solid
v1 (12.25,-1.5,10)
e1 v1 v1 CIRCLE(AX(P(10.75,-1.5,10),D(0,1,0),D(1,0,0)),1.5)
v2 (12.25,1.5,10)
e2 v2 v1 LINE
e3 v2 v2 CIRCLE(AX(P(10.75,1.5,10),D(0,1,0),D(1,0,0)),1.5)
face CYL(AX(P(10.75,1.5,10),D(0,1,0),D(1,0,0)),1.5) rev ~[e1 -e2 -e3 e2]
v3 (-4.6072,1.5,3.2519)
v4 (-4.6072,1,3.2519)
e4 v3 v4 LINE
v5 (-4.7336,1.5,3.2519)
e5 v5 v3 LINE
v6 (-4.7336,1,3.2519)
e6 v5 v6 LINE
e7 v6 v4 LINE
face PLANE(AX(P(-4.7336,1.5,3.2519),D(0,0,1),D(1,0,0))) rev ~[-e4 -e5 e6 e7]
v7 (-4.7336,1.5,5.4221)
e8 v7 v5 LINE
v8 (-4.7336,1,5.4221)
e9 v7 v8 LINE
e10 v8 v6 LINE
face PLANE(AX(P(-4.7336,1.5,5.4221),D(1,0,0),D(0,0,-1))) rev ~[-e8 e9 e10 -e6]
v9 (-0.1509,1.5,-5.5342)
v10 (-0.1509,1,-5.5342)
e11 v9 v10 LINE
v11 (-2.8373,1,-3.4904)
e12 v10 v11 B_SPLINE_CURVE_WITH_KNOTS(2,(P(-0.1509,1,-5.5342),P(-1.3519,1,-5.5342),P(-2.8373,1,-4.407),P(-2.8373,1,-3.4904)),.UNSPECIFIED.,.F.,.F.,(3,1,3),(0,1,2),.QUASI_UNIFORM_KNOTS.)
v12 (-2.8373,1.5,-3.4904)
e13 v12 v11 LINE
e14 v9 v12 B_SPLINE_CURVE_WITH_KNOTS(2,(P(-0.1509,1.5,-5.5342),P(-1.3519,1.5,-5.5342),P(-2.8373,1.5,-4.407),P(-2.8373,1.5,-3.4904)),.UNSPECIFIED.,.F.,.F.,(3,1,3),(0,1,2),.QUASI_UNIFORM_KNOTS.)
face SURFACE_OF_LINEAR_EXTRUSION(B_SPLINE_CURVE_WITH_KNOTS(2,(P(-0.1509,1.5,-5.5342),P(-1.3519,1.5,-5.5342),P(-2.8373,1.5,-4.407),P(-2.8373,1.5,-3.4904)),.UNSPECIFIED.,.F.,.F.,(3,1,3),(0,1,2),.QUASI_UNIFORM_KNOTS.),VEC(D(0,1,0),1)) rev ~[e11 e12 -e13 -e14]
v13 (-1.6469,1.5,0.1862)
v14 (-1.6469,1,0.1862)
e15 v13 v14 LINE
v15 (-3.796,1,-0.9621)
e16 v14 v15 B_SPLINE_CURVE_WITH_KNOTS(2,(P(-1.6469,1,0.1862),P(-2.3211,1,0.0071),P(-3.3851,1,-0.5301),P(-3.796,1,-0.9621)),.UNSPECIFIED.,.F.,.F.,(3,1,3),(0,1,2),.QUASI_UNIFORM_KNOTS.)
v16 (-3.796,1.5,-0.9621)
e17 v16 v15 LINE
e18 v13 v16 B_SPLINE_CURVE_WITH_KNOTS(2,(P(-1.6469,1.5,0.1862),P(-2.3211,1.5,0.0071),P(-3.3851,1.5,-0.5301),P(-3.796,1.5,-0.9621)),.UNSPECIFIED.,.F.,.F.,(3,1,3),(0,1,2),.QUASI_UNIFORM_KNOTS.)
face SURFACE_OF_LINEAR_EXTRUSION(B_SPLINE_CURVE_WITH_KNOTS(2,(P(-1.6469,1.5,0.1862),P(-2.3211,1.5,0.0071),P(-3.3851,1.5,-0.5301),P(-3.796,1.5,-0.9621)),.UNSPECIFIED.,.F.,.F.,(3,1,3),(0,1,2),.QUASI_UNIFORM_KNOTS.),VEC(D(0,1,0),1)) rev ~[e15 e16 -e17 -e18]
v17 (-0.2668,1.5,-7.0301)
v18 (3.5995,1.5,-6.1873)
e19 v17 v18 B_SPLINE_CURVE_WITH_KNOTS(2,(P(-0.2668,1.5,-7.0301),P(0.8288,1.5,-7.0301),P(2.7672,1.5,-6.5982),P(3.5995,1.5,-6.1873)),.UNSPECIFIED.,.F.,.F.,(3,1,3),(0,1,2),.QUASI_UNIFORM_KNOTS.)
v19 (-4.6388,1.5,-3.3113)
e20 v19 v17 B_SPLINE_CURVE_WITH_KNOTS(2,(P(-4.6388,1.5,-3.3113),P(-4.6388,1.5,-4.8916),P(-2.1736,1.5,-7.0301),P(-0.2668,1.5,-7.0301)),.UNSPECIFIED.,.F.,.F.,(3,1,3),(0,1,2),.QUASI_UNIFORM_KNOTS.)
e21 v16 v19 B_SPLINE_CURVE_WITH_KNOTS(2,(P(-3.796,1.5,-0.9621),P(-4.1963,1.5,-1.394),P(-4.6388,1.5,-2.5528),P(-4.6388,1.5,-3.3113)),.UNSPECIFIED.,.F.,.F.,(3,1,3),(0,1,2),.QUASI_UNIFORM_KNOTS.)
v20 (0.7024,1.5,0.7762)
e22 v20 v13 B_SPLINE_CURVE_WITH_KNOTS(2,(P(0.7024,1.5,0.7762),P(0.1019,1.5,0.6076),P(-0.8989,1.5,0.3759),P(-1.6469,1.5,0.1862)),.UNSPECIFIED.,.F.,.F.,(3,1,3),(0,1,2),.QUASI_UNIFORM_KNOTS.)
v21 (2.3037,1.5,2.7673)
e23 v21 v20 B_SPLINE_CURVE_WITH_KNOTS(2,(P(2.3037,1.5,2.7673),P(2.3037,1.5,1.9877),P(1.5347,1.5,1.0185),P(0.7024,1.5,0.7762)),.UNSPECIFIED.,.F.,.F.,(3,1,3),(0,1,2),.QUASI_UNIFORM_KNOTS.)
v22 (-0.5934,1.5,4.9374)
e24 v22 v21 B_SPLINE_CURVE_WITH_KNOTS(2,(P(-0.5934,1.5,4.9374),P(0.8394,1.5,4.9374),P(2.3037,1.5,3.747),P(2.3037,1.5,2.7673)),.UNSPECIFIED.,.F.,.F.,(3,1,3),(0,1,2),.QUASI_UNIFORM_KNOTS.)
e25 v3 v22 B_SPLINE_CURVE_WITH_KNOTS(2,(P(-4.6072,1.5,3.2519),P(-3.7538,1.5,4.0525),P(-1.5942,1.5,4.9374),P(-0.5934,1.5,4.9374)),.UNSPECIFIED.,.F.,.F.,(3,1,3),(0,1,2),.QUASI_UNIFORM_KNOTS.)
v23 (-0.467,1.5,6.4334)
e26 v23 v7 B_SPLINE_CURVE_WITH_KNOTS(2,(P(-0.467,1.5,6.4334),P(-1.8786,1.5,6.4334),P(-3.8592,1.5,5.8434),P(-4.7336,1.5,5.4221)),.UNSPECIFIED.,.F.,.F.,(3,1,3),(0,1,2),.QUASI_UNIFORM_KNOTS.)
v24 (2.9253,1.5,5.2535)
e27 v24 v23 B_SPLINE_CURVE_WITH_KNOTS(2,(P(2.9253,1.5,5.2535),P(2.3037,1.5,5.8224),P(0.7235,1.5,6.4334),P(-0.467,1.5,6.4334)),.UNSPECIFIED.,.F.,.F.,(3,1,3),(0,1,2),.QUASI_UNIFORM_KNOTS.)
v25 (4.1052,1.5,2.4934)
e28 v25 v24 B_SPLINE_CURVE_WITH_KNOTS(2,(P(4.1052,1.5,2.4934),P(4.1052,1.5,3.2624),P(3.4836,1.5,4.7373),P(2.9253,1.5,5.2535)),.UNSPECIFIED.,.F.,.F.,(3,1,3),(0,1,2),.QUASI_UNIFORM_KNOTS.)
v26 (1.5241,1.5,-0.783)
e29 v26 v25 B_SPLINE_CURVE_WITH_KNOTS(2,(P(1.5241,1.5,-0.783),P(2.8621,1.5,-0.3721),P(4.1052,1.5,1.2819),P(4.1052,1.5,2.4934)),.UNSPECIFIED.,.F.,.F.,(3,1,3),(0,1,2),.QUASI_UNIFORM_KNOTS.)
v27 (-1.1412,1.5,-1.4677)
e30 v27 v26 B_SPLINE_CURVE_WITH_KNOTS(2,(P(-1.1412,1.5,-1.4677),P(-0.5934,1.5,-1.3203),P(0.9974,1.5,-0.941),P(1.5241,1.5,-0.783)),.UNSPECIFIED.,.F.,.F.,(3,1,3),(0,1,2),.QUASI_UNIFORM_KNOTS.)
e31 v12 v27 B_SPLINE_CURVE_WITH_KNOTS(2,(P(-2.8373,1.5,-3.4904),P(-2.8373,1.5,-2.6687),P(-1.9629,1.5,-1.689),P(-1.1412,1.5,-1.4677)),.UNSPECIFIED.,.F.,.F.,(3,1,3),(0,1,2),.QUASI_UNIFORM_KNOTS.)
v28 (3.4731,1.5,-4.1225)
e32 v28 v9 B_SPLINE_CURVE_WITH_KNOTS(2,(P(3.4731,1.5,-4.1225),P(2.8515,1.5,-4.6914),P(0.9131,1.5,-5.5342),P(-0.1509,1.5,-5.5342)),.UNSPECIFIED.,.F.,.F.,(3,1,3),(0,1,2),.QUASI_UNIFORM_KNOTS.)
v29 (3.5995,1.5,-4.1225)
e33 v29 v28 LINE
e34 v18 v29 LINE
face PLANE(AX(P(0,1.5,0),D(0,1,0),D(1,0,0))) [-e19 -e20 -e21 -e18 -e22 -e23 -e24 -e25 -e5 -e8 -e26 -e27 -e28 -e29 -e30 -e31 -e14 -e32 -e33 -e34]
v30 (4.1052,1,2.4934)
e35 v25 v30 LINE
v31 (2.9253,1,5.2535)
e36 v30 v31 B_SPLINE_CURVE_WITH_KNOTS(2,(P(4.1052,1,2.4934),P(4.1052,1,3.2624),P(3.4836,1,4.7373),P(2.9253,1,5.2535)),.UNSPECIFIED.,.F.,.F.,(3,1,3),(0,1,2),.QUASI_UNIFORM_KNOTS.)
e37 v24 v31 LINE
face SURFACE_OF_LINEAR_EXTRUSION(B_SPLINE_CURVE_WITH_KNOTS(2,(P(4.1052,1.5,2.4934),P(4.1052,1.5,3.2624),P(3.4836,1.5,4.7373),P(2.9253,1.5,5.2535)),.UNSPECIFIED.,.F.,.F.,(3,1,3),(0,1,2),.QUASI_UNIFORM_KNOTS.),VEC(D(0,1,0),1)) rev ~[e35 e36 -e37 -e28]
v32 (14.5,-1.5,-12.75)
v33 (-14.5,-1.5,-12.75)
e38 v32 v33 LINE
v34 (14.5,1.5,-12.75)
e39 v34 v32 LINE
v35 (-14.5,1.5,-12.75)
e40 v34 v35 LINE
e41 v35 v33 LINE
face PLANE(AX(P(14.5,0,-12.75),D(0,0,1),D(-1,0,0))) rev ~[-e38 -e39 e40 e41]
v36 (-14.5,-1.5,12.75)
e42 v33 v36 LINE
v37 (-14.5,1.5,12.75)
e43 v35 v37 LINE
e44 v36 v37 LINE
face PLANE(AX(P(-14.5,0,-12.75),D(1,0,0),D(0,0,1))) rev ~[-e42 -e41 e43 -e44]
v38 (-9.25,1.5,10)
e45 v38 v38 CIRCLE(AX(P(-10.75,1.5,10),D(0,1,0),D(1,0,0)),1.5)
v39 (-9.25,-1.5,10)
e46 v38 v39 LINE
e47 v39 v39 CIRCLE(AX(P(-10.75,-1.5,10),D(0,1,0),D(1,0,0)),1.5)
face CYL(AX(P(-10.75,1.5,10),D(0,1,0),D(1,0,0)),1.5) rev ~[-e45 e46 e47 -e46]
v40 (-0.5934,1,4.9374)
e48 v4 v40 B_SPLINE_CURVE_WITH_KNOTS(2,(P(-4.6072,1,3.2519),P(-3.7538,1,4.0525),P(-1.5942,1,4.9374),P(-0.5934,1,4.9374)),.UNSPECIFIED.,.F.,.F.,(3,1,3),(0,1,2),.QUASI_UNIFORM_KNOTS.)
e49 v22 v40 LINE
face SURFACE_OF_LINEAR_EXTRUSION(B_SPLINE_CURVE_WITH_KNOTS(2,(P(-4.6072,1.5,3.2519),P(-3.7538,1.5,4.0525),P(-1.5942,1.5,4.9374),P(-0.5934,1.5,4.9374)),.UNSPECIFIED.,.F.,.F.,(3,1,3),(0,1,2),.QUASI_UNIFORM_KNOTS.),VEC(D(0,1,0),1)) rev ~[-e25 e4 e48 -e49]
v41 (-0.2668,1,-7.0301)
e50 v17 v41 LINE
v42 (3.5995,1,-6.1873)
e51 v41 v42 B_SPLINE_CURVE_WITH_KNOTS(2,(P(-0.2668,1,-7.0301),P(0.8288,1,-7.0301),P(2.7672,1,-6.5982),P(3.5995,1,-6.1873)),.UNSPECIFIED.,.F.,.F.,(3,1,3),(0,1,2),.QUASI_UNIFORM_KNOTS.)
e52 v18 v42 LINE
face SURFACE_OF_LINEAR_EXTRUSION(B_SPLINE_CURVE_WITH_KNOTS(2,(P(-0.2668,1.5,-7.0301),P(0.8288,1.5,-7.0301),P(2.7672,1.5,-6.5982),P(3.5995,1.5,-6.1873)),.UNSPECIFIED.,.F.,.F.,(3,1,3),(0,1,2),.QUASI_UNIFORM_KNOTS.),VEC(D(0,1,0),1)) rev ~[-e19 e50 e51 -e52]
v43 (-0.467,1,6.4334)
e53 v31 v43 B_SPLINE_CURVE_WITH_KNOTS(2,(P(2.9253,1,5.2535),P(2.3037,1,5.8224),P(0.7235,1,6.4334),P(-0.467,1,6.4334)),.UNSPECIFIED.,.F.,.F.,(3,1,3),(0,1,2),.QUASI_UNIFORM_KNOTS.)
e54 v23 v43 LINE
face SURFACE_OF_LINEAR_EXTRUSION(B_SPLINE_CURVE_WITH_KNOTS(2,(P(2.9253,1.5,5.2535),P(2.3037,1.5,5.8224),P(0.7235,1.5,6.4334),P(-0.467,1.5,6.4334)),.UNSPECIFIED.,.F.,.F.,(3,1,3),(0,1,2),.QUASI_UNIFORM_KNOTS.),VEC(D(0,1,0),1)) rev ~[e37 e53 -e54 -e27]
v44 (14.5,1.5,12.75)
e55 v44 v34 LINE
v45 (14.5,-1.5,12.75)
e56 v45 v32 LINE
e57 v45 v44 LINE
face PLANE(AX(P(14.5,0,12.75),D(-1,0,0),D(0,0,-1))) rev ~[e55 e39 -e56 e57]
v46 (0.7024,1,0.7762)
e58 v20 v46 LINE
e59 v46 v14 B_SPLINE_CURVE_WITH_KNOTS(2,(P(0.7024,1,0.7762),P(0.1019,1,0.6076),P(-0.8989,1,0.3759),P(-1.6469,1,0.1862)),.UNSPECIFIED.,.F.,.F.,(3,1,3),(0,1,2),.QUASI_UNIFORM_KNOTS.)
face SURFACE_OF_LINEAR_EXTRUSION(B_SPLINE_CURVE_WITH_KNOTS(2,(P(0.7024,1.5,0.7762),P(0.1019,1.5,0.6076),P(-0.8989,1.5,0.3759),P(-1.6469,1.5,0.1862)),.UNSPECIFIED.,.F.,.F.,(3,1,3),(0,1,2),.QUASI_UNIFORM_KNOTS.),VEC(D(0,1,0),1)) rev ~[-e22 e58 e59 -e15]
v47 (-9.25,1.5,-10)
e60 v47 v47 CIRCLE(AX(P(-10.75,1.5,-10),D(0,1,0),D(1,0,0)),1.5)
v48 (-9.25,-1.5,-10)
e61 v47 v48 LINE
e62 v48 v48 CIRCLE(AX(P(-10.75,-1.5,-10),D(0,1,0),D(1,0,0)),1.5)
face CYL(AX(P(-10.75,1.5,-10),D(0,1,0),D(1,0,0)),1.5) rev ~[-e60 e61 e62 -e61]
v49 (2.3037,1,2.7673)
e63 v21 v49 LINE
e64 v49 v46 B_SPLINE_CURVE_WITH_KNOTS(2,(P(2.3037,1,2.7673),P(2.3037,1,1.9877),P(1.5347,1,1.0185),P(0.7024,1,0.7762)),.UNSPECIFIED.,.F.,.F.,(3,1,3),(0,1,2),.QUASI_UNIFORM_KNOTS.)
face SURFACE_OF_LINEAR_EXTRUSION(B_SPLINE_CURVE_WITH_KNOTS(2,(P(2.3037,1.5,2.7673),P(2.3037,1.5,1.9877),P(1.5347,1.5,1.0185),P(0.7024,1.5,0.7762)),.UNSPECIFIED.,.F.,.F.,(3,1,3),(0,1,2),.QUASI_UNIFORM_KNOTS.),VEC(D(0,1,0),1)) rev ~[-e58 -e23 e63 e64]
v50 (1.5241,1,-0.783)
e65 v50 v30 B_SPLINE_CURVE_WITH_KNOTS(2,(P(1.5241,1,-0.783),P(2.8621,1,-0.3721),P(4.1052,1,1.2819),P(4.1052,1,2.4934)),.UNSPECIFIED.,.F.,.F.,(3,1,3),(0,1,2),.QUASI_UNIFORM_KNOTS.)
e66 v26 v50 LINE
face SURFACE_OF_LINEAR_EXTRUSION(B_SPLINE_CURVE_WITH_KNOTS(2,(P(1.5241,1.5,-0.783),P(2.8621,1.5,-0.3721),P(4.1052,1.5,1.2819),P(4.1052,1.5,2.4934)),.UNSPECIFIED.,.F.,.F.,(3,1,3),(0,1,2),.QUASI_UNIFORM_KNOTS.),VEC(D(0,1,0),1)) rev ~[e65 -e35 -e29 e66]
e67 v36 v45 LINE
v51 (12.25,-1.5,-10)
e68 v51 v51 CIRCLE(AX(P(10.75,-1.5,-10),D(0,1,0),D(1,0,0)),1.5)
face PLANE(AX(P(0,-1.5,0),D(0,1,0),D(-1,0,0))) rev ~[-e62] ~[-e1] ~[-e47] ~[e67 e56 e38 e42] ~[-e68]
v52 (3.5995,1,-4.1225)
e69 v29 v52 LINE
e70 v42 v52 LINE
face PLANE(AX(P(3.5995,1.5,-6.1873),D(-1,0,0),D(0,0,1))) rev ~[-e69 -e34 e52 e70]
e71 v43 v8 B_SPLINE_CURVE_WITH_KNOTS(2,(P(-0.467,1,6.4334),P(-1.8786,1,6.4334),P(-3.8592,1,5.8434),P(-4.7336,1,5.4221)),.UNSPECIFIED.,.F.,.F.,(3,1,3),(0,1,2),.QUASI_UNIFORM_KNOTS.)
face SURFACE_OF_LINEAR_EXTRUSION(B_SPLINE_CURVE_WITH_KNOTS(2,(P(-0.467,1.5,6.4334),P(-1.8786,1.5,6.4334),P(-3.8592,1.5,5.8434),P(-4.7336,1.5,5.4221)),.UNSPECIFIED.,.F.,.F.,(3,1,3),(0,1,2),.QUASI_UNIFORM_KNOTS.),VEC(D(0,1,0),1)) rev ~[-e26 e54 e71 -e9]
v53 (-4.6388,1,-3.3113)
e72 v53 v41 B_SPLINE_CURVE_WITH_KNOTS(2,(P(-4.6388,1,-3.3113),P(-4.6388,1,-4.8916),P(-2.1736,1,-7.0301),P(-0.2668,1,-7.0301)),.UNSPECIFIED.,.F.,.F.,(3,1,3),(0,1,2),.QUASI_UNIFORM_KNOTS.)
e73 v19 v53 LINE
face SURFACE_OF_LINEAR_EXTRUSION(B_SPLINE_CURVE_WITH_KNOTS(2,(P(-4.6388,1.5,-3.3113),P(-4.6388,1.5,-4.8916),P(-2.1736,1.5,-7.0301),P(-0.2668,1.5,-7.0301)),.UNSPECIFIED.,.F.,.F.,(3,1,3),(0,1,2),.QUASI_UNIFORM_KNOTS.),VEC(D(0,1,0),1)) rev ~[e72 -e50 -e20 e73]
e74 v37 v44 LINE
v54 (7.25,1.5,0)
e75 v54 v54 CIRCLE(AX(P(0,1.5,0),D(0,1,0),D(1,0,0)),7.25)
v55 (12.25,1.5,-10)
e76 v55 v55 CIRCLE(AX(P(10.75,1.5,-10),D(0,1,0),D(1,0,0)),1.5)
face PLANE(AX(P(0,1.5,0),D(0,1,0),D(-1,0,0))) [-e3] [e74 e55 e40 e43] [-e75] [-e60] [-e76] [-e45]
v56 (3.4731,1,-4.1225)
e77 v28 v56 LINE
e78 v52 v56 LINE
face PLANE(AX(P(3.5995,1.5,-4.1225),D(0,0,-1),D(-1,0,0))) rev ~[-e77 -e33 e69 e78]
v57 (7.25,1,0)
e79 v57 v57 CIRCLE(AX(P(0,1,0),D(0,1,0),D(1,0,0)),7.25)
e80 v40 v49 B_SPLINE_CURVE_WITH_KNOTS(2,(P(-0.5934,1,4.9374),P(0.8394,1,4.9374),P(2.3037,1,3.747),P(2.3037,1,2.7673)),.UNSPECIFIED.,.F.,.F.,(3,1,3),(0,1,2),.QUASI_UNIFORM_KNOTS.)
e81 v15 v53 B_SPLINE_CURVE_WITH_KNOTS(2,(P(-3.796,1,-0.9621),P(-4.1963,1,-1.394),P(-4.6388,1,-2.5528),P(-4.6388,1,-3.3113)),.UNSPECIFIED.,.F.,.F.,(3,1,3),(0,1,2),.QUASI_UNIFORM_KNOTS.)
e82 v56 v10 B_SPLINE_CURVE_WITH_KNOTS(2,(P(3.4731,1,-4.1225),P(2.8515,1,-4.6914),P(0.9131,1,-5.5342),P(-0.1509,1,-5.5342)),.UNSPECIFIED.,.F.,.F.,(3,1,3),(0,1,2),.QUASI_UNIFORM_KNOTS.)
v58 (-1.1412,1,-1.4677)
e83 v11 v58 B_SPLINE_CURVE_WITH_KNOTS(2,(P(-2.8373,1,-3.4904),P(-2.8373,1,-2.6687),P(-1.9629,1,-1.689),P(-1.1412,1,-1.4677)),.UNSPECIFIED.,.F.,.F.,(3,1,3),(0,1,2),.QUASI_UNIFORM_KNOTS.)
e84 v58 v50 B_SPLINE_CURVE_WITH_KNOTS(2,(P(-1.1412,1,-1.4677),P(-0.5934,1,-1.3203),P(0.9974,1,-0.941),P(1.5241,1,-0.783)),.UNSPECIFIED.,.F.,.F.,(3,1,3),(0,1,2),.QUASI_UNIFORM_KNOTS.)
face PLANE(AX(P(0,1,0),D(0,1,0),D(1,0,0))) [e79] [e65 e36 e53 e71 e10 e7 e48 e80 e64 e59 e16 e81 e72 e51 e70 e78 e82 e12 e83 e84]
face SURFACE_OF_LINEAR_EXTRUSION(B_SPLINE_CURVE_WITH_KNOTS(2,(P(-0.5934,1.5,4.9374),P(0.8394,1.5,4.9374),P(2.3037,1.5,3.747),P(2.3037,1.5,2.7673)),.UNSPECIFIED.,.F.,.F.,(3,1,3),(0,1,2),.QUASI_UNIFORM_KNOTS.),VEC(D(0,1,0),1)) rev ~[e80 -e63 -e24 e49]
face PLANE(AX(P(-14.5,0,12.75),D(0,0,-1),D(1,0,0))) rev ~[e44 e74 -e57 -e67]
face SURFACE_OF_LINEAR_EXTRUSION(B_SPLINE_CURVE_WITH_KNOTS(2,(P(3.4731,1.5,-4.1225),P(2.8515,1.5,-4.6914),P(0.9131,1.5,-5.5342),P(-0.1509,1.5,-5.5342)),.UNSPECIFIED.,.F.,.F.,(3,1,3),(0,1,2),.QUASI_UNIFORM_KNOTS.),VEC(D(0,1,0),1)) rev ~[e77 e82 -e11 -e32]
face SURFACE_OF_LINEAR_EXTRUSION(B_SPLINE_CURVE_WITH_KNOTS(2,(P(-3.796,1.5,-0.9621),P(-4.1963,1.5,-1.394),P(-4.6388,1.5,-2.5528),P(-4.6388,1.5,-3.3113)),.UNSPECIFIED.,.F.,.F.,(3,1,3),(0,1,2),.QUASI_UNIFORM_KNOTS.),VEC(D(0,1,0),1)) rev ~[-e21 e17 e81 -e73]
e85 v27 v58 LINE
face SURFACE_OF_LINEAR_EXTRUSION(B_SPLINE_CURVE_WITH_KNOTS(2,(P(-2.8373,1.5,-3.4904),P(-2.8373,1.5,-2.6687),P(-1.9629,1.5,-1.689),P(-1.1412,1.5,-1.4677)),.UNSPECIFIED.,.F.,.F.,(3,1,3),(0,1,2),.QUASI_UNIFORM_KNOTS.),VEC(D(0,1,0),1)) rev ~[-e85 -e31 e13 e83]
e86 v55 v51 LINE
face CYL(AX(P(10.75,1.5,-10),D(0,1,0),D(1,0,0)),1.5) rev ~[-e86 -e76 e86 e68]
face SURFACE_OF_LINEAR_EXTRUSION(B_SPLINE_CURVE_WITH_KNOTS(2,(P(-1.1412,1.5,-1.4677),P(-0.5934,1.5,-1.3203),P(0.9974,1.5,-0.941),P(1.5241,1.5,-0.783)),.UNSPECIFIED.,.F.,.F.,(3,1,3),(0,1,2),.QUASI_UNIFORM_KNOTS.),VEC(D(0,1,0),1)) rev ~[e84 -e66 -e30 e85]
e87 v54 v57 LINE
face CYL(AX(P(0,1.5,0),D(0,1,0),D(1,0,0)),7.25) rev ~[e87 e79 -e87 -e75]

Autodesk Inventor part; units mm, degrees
ref_plane "YZ Plane" through (0, 0, 0) normal (1, 0, 0) x (0, 1, 0)
ref_plane "XZ Plane" through (0, 0, 0) normal (0, 1, 0) x (-1, 0, 0)
ref_plane "XY Plane" through (0, 0, 0) normal (0, 0, 1) x (1, 0, 0)
sketch "Sketch1" plane through (0, 0, 0) normal (0, 1, 0) x (-1, 0, 0)
  line L0 (14.5, 12.75) -> (-14.5, 12.75)
  line L1 (-14.5, 12.75) -> (-14.5, -12.75)
  line L2 (-14.5, -12.75) -> (14.5, -12.75)
  line L3 (14.5, -12.75) -> (14.5, 12.75)
  line L4 (14.5, 12.75) -> (-14.5, -12.75) construction
  line L5 (-14.5, 12.75) -> (14.5, -12.75) construction
  point P0 (0, 0)
  dimension "d0" = 29
  dimension "d1" = 25.5
extrude "Extrusion1" add sketch "Sketch1" along normal mid plane 3
sketch "Sketch2" plane through (0, 1.5, 0) normal (0, 1, 0) x (1, 0, 0)
  circle A0 centre (-10.75, 10) radius 1.5
  line L0 (14.5, 12.75) -> (-14.5, 12.75) projected
  line L1 (-14.5, 12.75) -> (-14.5, -12.75) projected
  circle A1 centre (10.75, 10) radius 1.5
  circle A2 centre (-10.75, -10) radius 1.5
  circle A3 centre (10.75, -10) radius 1.5
  point P0 (0, 0)
  dimension "d4" = 3
  dimension "d5" = 2.75
  dimension "d6" = 3.75
  dimension "d9" = 21.5
  dimension "d12" = 20
sketch "Sketch3" plane through (0, 1.5, 0) normal (0, 1, 0) x (1, 0, 0)
  circle A0 centre (0, 0) radius 7.25
  dimension "d15" = 14.5
extrude "Extrusion2" cut sketch "Sketch2" against normal through all
sketch "Sketch4" plane through (0, 1.5, 0) normal (0, 1, 0) x (1, 0, 0)
  line L0 (-5.4078, 7.0301) -> (8.8628, 7.0301) construction
  line L1 (8.8628, 7.0301) -> (8.8628, -8.322) construction
  line L2 (8.8628, -8.322) -> (-5.4078, -8.322) construction
  line L3 (-5.4078, -8.322) -> (-5.4078, 7.0301) construction
  spline S0 degree 2 poles (-0.467, -6.4334) (-1.8786, -6.4334) (-3.8592, -5.8434) (-4.7336, -5.4221) knots 0 0 0 1 2 2 2
  line L4 (-4.7336, -5.4221) -> (-4.7336, -3.2519)
  line L5 (-4.7336, -3.2519) -> (-4.6072, -3.2519)
  spline S1 degree 2 poles (-4.6072, -3.2519) (-3.7538, -4.0525) (-1.5942, -4.9374) (-0.5934, -4.9374) knots 0 0 0 1 2 2 2
  spline S2 degree 2 poles (-0.5934, -4.9374) (0.8394, -4.9374) (2.3037, -3.747) (2.3037, -2.7673) knots 0 0 0 1 2 2 2
  spline S3 degree 2 poles (2.3037, -2.7673) (2.3037, -1.9877) (1.5347, -1.0185) (0.7024, -0.7762) knots 0 0 0 1 2 2 2
  spline S4 degree 2 poles (0.7024, -0.7762) (0.1019, -0.6076) (-0.8989, -0.3759) (-1.6469, -0.1862) knots 0 0 0 1 2 2 2
  spline S5 degree 2 poles (-1.6469, -0.1862) (-2.3211, -0.0071) (-3.3851, 0.5301) (-3.796, 0.9621) knots 0 0 0 1 2 2 2
  spline S6 degree 2 poles (-3.796, 0.9621) (-4.1963, 1.394) (-4.6388, 2.5528) (-4.6388, 3.3113) knots 0 0 0 1 2 2 2
  spline S7 degree 2 poles (-4.6388, 3.3113) (-4.6388, 4.8916) (-2.1736, 7.0301) (-0.2668, 7.0301) knots 0 0 0 1 2 2 2
  spline S8 degree 2 poles (-0.2668, 7.0301) (0.8288, 7.0301) (2.7672, 6.5982) (3.5995, 6.1873) knots 0 0 0 1 2 2 2
  line L6 (3.5995, 6.1873) -> (3.5995, 4.1225)
  line L7 (3.5995, 4.1225) -> (3.4731, 4.1225)
  spline S9 degree 2 poles (3.4731, 4.1225) (2.8515, 4.6914) (0.9131, 5.5342) (-0.1509, 5.5342) knots 0 0 0 1 2 2 2
  spline S10 degree 2 poles (-0.1509, 5.5342) (-1.3519, 5.5342) (-2.8373, 4.407) (-2.8373, 3.4904) knots 0 0 0 1 2 2 2
  spline S11 degree 2 poles (-2.8373, 3.4904) (-2.8373, 2.6687) (-1.9629, 1.689) (-1.1412, 1.4677) knots 0 0 0 1 2 2 2
  spline S12 degree 2 poles (-1.1412, 1.4677) (-0.5934, 1.3203) (0.9974, 0.941) (1.5241, 0.783) knots 0 0 0 1 2 2 2
  spline S13 degree 2 poles (1.5241, 0.783) (2.8621, 0.3721) (4.1052, -1.2819) (4.1052, -2.4934) knots 0 0 0 1 2 2 2
  spline S14 degree 2 poles (4.1052, -2.4934) (4.1052, -3.2624) (3.4836, -4.7373) (2.9253, -5.2535) knots 0 0 0 1 2 2 2
  spline S15 degree 2 poles (2.9253, -5.2535) (2.3037, -5.8224) (0.7235, -6.4334) (-0.467, -6.4334) knots 0 0 0 1 2 2 2
  point P0 (0, 0)
extrude "Extrusion3" cut sketch "Sketch3" against normal blind 0.5
extrude "Extrusion4" add sketch "Sketch4" against normal blind 0.5
properties material "Iron, Cast"
